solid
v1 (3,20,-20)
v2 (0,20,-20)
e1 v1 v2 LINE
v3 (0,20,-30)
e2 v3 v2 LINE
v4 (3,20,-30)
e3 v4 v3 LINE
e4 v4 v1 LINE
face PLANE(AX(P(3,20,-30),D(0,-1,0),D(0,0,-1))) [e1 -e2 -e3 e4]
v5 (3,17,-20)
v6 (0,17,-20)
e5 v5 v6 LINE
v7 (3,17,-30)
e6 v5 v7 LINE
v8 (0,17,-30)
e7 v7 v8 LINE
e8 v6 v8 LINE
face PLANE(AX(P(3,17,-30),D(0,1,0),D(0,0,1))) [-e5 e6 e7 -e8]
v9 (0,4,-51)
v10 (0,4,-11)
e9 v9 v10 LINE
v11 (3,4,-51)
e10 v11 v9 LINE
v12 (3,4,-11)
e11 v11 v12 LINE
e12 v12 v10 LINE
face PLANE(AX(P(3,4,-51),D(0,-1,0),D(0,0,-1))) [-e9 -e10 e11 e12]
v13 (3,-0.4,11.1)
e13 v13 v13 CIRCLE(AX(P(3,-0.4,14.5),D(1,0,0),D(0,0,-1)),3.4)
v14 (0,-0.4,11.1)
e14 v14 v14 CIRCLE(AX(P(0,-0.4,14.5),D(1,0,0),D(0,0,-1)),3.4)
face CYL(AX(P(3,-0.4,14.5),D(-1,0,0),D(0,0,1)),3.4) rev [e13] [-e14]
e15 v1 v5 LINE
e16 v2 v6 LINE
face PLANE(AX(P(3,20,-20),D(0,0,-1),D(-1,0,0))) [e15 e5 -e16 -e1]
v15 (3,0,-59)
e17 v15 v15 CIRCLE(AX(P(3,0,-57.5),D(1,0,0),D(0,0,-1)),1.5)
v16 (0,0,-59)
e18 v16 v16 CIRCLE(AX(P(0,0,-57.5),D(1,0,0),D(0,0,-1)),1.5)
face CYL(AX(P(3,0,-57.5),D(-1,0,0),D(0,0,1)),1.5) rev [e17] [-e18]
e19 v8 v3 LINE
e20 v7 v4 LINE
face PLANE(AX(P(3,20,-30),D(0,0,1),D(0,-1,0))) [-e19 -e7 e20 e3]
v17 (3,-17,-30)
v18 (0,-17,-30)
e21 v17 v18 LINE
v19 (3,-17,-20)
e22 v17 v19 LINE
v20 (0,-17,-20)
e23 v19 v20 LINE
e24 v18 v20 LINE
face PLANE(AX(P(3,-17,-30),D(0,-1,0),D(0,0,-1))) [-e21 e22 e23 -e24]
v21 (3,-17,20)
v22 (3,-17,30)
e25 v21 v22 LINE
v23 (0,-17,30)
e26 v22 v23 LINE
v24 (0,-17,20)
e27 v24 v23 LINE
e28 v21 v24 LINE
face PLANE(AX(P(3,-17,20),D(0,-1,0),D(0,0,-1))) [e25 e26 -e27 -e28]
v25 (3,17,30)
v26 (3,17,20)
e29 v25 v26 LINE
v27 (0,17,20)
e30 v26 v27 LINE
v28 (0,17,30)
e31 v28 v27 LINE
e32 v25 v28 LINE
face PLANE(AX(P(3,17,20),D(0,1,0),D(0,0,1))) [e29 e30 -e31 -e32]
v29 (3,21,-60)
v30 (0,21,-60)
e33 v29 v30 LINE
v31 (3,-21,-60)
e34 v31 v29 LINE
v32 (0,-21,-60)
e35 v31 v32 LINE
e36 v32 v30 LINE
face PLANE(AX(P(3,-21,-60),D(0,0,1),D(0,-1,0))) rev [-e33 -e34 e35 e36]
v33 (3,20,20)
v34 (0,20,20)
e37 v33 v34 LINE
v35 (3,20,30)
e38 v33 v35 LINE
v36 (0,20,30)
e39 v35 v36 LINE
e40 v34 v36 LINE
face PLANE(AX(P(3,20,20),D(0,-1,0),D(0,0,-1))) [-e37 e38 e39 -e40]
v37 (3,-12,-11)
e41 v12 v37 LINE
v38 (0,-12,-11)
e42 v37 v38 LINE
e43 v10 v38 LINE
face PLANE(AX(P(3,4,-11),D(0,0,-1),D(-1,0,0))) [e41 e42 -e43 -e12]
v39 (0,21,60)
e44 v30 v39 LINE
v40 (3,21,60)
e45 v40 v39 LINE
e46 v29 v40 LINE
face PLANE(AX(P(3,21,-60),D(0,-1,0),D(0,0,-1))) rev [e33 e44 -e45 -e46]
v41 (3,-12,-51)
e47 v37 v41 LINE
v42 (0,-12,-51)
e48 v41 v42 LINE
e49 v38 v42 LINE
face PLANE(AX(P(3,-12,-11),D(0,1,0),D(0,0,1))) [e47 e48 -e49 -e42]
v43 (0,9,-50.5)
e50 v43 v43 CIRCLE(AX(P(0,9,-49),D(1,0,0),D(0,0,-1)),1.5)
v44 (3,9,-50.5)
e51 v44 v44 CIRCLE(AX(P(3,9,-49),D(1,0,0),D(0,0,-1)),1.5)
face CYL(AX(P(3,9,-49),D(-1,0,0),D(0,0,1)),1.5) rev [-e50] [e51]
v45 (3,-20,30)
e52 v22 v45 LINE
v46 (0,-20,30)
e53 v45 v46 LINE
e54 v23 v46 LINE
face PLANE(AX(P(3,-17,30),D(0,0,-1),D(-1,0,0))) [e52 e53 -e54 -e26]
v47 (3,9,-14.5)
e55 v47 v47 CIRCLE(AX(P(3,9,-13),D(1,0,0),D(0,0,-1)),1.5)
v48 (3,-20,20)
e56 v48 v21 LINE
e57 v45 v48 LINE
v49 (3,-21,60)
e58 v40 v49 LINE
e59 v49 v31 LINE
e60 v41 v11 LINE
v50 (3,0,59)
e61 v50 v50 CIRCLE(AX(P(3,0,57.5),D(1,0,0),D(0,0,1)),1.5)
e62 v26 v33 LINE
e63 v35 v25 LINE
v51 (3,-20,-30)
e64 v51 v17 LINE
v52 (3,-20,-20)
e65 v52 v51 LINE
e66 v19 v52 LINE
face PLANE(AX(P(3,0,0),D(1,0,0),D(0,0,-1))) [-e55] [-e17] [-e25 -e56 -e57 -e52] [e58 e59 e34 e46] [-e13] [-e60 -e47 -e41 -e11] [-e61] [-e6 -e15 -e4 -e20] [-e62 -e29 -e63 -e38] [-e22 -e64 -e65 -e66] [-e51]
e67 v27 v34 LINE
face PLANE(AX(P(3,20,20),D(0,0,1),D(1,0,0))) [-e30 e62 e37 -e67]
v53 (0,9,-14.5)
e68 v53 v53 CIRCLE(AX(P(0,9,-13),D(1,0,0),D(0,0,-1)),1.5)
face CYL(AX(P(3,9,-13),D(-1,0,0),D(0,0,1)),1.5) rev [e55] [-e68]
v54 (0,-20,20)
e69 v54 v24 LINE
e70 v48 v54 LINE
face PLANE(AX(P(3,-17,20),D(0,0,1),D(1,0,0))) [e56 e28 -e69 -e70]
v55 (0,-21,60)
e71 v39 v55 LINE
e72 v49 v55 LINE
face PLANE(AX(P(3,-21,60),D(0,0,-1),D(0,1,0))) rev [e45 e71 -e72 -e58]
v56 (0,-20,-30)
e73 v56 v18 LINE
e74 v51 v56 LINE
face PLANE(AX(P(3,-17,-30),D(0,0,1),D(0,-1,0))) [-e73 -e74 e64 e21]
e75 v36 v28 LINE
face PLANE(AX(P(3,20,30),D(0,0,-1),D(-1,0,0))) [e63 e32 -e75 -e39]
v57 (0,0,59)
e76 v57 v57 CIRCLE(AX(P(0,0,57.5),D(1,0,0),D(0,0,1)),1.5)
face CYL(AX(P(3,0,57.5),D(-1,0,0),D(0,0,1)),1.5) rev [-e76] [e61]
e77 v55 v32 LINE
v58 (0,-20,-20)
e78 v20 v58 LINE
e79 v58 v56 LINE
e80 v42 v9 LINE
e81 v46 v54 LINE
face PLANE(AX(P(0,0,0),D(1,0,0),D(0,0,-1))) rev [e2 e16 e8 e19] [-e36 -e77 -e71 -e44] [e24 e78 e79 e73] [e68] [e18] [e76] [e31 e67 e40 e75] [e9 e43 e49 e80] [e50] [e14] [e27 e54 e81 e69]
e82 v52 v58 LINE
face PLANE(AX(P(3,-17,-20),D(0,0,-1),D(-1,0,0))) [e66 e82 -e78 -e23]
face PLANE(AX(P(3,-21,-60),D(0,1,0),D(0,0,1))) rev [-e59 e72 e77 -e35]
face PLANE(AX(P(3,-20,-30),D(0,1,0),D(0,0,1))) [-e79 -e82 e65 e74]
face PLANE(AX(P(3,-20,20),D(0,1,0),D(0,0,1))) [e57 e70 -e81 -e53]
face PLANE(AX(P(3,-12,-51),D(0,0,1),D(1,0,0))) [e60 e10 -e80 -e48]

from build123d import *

# Parameters (mm, degrees)
SKETCH1_W           = 120
SKETCH1_H           = 42
SKETCH1_R           = 1.5
SKETCH1_R_2         = 3.4
SKETCH1_W_2         = 10
SKETCH1_H_2         = 3
SKETCH1_W_3         = 40
SKETCH1_H_3         = 16
BOSS_EXTRUDE1_DEPTH = 3


with BuildPart() as part:
    # Sketch1 → Boss-Extrude1 (new body)
    with BuildSketch(Plane(origin=(0, 0, 0), x_dir=(0, 0, -1), z_dir=(1, 0, 0))):
        Rectangle(SKETCH1_W, SKETCH1_H)
        with Locations((49, 9)):
            Circle(SKETCH1_R, mode=Mode.SUBTRACT)
        with Locations((13, 9)):
            Circle(SKETCH1_R, mode=Mode.SUBTRACT)
        with Locations((-14.5, -0.4)):
            Circle(SKETCH1_R_2, mode=Mode.SUBTRACT)
        with Locations((57.5, 0)):
            Circle(SKETCH1_R, mode=Mode.SUBTRACT)
        with Locations((-57.5, 0)):
            Circle(SKETCH1_R, mode=Mode.SUBTRACT)
        with Locations((25, -18.5)):
            Rectangle(SKETCH1_W_2, SKETCH1_H_2, mode=Mode.SUBTRACT)
        with Locations((-25, -18.5)):
            Rectangle(SKETCH1_W_2, SKETCH1_H_2, mode=Mode.SUBTRACT)
        with Locations((25, 18.5)):
            Rectangle(SKETCH1_W_2, SKETCH1_H_2, mode=Mode.SUBTRACT)
        with Locations((-25, 18.5)):
            Rectangle(SKETCH1_W_2, SKETCH1_H_2, mode=Mode.SUBTRACT)
        with Locations((31, -4)):
            Rectangle(SKETCH1_W_3, SKETCH1_H_3, mode=Mode.SUBTRACT)
    extrude(amount=BOSS_EXTRUDE1_DEPTH)


solid = part.part
